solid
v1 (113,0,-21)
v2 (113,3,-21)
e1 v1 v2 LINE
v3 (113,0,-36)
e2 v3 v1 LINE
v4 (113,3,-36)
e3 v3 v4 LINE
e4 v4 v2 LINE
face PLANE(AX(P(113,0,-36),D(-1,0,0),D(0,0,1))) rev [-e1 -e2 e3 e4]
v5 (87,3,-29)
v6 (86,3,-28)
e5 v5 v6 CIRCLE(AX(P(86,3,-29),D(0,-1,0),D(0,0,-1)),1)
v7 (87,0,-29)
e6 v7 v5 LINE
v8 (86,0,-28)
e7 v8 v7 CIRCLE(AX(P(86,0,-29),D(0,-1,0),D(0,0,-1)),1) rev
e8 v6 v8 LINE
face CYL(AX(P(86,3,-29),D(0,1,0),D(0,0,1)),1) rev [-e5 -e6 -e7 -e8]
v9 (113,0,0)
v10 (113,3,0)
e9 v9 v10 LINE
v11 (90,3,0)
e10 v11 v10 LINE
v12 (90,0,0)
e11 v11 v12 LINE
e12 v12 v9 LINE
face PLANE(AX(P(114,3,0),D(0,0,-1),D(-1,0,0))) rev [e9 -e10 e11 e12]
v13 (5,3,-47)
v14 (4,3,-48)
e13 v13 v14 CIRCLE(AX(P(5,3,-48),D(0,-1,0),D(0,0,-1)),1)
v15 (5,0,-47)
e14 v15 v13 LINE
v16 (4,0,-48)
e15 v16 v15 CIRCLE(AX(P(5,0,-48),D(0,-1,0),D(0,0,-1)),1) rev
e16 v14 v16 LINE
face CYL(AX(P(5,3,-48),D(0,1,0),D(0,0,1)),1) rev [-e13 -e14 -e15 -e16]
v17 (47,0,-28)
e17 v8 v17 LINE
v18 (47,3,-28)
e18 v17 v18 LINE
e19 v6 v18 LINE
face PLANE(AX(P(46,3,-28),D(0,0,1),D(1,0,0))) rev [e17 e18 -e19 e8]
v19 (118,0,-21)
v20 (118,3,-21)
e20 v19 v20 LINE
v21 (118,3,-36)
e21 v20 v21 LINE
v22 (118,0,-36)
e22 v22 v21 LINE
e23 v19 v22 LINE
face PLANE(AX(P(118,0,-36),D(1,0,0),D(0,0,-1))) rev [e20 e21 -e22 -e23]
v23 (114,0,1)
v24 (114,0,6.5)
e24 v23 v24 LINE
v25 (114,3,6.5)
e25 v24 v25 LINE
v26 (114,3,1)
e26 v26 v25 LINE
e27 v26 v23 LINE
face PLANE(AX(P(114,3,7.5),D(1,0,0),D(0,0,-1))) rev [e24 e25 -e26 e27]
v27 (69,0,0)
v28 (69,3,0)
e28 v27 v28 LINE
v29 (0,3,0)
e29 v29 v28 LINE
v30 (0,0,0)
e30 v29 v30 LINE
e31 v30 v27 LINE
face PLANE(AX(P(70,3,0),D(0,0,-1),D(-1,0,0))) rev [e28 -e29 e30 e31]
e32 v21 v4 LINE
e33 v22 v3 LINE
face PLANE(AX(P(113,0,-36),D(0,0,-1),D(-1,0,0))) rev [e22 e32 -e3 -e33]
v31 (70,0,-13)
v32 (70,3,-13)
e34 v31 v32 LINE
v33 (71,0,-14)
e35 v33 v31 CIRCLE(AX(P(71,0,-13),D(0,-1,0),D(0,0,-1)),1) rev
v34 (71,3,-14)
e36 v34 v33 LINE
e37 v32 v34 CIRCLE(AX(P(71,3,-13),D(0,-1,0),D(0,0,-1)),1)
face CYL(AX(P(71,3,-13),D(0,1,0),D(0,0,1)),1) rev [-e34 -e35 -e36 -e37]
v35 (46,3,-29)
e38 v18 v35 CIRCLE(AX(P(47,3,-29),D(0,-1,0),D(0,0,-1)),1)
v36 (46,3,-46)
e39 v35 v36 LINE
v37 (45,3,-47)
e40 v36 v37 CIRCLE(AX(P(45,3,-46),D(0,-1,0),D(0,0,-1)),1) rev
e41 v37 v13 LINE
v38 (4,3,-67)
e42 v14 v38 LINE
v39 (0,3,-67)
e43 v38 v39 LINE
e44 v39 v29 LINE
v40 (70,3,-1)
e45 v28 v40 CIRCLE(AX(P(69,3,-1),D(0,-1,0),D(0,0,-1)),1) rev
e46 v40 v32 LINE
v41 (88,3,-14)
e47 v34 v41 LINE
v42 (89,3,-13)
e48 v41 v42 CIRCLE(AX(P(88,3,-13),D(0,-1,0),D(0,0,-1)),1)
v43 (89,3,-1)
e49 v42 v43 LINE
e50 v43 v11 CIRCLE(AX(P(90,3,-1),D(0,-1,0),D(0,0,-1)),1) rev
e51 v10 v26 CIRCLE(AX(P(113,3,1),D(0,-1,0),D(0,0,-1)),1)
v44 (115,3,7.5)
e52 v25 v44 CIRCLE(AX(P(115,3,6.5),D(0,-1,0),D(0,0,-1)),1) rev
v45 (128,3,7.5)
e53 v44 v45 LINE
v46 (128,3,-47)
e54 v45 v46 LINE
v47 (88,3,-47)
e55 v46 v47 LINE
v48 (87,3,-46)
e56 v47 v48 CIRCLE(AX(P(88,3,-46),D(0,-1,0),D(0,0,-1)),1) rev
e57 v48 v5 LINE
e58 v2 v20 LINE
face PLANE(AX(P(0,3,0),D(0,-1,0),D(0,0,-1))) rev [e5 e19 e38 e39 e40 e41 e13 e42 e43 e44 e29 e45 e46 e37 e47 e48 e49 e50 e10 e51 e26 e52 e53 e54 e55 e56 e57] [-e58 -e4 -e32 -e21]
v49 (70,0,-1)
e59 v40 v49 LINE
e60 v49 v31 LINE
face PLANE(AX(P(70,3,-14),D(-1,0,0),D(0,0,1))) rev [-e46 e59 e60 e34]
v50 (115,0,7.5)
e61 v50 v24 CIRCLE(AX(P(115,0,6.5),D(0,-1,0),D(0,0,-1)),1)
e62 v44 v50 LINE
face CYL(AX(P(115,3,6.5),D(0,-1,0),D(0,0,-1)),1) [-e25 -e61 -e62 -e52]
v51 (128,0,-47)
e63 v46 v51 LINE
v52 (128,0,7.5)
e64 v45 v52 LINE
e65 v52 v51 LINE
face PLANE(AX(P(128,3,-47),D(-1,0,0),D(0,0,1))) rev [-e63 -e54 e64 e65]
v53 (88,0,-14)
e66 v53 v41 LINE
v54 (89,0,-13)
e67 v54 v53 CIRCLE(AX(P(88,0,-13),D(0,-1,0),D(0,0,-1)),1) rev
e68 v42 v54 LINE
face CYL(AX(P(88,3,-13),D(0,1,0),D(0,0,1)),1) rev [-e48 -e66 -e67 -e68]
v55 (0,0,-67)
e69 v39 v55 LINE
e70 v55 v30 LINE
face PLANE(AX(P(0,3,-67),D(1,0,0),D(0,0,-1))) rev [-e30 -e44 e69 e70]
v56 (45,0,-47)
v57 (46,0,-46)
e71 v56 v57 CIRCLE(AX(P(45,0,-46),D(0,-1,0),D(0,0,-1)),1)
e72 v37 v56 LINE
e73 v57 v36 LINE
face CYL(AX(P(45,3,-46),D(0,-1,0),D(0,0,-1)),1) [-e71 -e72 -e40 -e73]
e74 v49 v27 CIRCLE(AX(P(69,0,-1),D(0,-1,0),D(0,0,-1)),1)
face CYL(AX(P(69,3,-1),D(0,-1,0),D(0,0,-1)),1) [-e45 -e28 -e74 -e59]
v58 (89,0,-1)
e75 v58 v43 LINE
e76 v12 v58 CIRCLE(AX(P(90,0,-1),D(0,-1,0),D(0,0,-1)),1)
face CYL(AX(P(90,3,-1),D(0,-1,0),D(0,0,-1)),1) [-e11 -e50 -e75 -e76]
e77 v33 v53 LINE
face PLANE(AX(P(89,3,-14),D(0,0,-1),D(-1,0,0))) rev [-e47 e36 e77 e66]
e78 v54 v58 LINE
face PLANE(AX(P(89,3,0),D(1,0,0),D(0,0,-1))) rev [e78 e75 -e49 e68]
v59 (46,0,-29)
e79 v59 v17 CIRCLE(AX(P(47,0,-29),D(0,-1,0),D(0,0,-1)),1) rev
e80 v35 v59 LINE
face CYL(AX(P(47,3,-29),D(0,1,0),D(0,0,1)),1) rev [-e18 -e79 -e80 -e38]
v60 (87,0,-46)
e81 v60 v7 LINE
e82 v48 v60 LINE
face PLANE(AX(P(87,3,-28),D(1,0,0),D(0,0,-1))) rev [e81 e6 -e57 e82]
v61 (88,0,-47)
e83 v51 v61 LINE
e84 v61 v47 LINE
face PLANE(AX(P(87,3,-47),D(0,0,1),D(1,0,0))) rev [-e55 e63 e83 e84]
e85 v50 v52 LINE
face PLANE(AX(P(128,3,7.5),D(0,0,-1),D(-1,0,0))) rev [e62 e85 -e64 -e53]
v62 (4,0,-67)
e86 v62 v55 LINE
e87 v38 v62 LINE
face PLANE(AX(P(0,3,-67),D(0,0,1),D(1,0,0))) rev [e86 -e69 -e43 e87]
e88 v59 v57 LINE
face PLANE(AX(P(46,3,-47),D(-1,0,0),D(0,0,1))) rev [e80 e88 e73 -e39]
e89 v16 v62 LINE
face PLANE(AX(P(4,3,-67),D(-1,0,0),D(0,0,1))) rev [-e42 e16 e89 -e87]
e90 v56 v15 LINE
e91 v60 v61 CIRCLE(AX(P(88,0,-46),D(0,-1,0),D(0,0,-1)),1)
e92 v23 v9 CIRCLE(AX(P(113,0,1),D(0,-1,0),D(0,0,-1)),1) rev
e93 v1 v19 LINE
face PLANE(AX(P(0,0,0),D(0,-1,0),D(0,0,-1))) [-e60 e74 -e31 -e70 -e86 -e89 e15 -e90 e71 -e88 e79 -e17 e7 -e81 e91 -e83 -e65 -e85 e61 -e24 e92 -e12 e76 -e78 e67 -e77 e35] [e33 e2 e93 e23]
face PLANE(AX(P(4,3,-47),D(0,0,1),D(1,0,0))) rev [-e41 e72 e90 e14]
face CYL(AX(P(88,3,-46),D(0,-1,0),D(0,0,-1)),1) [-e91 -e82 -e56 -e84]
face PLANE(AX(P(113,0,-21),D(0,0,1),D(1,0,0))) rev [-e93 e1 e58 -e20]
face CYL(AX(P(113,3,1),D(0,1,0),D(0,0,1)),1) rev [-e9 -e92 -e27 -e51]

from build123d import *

# Parameters (mm, degrees)
BOSS_EXTRUDE1_DEPTH = 3
SKETCH2_W           = 5
SKETCH2_H           = 15
CUT_EXTRUDE1_DEPTH  = 145.506055236
FILLET1_R           = 1


with BuildPart() as part:
    # Sketch1 → Boss-Extrude1 (new body)
    with BuildSketch(Plane(origin=(0, 0, 0), x_dir=(1, 0, 0), z_dir=(0, 1, 0))):
        Polygon((0, 67), (4, 67), (4, 47), (46, 47), (46, 28), (87, 28), (87, 47), (128, 47), (128, -7.5), (114, -7.5), (114, 0), (89, 0), (89, 14), (70, 14), (70, 0), (0, 0), align=None)
    extrude(amount=BOSS_EXTRUDE1_DEPTH)

    # Sketch2 → Cut-Extrude1 (cut, through all)
    with BuildSketch(Plane(origin=(0, 3, 0), x_dir=(1, 0, 0), z_dir=(0, 1, 0))):
        with Locations((115.5, 28.5)):
            Rectangle(SKETCH2_W, SKETCH2_H)
    extrude(amount=-CUT_EXTRUDE1_DEPTH, mode=Mode.SUBTRACT)

    # Fillet1
    fillet1_edges = [part.edges().sort_by_distance(p)[0] for p in [
        (4, 1.5, -47),
        (46, 1.5, -47),
        (46, 1.5, -28),
        (87, 1.5, -28),
        (87, 1.5, -47),
        (114, 1.5, 7.5),
        (114, 1.5, 0),
        (89, 1.5, 0),
        (89, 1.5, -14),
        (70, 1.5, -14),
        (70, 1.5, 0),
    ]]
    fillet(fillet1_edges, radius=FILLET1_R)


solid = part.part
